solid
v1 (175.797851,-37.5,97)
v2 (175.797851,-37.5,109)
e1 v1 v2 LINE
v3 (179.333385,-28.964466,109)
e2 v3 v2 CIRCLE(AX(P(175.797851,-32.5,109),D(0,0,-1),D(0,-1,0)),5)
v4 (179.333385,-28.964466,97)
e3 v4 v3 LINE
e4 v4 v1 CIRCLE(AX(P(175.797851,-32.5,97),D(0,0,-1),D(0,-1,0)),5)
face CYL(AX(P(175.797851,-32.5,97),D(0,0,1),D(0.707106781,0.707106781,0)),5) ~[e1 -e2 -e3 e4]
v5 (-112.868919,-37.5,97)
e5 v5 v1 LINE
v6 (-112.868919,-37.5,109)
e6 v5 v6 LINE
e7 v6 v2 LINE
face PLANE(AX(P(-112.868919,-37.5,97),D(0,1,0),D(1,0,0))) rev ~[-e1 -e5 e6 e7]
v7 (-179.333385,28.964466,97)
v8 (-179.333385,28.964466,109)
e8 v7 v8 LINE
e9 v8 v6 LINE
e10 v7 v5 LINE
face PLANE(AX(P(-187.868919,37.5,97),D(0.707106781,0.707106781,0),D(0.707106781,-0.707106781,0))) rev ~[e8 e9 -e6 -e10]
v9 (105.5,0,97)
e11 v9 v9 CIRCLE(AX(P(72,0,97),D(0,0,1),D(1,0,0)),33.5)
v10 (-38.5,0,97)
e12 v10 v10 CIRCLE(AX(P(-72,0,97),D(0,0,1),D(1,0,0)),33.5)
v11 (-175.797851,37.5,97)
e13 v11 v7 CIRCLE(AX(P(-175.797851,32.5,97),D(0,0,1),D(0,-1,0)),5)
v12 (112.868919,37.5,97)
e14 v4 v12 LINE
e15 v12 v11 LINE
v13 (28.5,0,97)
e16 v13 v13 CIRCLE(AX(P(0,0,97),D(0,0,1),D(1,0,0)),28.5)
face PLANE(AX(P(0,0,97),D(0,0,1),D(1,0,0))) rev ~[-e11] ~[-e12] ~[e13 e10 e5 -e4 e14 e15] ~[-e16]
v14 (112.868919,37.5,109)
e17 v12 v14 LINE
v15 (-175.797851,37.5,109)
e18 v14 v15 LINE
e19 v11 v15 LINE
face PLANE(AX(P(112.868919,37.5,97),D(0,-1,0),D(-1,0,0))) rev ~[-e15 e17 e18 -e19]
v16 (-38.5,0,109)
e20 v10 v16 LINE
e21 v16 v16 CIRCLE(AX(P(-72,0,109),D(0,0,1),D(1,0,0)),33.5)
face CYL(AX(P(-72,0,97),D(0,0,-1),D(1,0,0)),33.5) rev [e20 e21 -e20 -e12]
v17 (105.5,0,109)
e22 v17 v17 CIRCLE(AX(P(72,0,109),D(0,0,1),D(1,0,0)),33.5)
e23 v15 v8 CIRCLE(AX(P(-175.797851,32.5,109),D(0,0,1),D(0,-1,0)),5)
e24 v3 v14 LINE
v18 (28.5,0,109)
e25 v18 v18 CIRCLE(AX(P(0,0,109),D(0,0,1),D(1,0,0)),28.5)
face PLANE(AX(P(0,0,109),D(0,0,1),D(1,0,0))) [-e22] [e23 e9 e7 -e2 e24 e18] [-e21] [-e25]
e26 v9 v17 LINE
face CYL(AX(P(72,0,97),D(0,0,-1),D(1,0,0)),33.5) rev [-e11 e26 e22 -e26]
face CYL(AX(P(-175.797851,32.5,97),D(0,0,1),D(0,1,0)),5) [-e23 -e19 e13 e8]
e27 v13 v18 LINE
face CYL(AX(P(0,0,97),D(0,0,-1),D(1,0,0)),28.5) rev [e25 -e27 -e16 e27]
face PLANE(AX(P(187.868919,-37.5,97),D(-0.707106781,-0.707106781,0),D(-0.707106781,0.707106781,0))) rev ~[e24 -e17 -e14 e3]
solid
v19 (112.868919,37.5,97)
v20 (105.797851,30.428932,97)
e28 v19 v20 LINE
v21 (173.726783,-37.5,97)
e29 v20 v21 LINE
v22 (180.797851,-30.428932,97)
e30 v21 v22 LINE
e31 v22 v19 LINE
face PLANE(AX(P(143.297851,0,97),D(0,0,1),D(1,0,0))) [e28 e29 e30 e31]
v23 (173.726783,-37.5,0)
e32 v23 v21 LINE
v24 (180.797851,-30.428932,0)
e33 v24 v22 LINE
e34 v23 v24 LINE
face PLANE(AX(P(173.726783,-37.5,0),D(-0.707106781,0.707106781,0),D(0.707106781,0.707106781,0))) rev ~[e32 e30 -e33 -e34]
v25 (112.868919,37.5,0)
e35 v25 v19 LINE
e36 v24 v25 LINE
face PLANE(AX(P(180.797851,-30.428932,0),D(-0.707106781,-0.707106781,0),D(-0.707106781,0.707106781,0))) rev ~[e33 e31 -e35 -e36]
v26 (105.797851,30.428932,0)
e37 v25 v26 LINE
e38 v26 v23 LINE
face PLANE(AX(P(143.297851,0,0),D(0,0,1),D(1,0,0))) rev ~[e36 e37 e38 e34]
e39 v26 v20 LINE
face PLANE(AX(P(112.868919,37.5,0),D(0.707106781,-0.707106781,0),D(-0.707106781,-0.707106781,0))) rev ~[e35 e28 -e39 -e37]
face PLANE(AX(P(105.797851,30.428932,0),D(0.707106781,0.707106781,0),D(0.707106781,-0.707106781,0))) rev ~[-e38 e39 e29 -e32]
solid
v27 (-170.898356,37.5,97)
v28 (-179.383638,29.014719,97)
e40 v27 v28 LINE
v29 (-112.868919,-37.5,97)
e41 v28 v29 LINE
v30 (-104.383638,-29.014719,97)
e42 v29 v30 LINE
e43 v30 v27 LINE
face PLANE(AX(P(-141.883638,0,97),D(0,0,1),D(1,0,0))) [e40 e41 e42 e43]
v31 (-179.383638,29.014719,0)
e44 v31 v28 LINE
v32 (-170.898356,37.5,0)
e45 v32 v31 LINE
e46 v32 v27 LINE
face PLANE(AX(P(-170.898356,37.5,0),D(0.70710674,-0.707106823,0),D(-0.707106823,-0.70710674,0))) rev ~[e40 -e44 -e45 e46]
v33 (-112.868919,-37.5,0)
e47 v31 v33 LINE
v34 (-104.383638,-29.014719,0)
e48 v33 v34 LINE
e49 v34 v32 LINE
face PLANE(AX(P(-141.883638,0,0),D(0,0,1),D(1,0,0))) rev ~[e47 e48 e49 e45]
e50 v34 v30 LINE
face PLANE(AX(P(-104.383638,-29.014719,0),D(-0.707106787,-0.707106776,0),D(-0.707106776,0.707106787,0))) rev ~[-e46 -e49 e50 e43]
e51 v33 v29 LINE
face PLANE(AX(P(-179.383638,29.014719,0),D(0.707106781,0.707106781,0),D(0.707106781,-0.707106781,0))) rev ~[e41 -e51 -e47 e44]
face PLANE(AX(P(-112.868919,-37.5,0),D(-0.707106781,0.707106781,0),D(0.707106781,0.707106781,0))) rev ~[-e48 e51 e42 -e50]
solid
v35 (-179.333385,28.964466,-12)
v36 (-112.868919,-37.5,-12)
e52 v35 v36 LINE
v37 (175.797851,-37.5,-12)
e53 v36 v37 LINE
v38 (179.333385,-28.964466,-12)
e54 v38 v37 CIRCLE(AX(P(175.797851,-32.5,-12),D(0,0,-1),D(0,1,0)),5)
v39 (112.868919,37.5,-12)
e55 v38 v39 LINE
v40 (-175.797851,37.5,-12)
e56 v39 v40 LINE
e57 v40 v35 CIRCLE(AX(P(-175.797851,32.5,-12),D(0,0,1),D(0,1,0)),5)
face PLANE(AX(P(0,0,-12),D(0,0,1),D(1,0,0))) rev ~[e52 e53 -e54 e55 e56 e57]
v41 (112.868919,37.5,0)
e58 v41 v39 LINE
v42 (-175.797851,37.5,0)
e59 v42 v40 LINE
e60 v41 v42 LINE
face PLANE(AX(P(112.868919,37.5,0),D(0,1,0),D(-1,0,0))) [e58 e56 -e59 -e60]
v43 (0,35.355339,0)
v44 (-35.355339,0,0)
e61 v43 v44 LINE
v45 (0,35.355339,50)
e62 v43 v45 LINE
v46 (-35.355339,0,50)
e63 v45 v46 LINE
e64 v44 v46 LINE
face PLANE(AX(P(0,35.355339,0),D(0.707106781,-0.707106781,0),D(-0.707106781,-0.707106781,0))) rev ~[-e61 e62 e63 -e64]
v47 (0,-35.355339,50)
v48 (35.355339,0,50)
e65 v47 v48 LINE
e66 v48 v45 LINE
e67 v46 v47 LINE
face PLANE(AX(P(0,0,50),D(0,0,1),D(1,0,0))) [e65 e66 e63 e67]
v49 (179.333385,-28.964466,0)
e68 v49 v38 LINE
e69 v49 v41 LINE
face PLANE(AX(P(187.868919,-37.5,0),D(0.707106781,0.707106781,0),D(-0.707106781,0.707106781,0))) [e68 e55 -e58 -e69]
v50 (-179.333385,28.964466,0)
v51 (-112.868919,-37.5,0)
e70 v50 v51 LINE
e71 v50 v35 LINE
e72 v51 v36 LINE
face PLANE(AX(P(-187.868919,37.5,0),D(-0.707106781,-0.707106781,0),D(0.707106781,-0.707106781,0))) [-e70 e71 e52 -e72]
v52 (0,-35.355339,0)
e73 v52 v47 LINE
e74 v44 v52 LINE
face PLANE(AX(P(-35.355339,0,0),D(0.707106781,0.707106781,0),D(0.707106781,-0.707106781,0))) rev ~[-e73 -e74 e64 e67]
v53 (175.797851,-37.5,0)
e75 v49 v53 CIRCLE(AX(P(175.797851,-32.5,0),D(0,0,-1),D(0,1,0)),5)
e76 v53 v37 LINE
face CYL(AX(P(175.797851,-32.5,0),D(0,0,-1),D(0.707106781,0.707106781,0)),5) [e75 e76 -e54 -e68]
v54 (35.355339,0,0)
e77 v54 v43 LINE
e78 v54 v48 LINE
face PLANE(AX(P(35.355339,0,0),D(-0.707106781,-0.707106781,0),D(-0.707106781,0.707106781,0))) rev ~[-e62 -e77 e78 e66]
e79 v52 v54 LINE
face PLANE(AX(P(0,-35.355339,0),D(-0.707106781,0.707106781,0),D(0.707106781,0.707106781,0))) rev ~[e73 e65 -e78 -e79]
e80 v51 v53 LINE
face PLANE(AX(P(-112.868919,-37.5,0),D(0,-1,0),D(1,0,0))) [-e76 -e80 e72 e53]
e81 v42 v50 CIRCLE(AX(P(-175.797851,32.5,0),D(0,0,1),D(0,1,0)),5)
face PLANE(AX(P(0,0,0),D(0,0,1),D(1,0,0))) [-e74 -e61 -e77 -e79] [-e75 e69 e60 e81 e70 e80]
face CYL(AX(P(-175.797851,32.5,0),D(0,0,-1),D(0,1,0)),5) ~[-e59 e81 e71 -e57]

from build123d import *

# Parameters (mm, degrees)
F3_DEPTH = 12
F4_R     = 33.5
F4_R_2   = 28.5
F5_DEPTH = 12
F6_DEPTH = 97
F8_DEPTH = 50
F9_R     = 5
F9_2_R   = 5


with BuildPart() as f3:
    # F2 (on Top) → F3 (new body)
    with BuildSketch(Plane.XY):
        Polygon((187.868919, -37.5), (112.868919, 37.5), (-187.868919, 37.5), (-112.868919, -37.5), align=None)
    extrude(amount=-F3_DEPTH)

    # F7 (on face) → F8 (join)
    with BuildSketch(Plane.XY):
        Polygon((0, -35.355339), (35.355339, 0), (0, 35.355339), (-35.355339, 0), align=None)
    extrude(amount=F8_DEPTH)

    # F9#2
    f9_2_edges = [f3.edges().sort_by_distance(p)[0] for p in [
        (-187.868919, 37.5, -6),
        (187.868919, -37.5, -6),
    ]]
    fillet(f9_2_edges, radius=F9_2_R)


with BuildPart() as f5:
    # F4 (on offset) → F5 (new body)
    with BuildSketch(Plane.XY.offset(97)):
        Polygon((187.868919, -37.5), (112.868919, 37.5), (-187.868919, 37.5), (-112.868919, -37.5), align=None)
        with Locations((-72, 0)):
            Circle(F4_R, mode=Mode.SUBTRACT)
        Circle(F4_R_2, mode=Mode.SUBTRACT)
        with Locations((72, 0)):
            Circle(F4_R, mode=Mode.SUBTRACT)
    extrude(amount=F5_DEPTH)

    # F9
    f9_edges = [f5.edges().sort_by_distance(p)[0] for p in [
        (-187.868919, 37.5, 103),
        (187.868919, -37.5, 103),
    ]]
    fillet(f9_edges, radius=F9_R)


with BuildPart() as f6:
    # F0 (on Top) → F6 (new body, through all)
    with BuildSketch(Plane.XY):
        Polygon((-179.383638, 29.014719), (-112.868919, -37.5), (-104.383638, -29.014719), (-170.898356, 37.5), align=None)
        Polygon((105.797851, 30.428932), (173.726783, -37.5), (180.797851, -30.428932), (112.868919, 37.5), align=None)
    extrude(amount=F6_DEPTH)


solid = Compound([f3.part, f5.part, f6.part])
